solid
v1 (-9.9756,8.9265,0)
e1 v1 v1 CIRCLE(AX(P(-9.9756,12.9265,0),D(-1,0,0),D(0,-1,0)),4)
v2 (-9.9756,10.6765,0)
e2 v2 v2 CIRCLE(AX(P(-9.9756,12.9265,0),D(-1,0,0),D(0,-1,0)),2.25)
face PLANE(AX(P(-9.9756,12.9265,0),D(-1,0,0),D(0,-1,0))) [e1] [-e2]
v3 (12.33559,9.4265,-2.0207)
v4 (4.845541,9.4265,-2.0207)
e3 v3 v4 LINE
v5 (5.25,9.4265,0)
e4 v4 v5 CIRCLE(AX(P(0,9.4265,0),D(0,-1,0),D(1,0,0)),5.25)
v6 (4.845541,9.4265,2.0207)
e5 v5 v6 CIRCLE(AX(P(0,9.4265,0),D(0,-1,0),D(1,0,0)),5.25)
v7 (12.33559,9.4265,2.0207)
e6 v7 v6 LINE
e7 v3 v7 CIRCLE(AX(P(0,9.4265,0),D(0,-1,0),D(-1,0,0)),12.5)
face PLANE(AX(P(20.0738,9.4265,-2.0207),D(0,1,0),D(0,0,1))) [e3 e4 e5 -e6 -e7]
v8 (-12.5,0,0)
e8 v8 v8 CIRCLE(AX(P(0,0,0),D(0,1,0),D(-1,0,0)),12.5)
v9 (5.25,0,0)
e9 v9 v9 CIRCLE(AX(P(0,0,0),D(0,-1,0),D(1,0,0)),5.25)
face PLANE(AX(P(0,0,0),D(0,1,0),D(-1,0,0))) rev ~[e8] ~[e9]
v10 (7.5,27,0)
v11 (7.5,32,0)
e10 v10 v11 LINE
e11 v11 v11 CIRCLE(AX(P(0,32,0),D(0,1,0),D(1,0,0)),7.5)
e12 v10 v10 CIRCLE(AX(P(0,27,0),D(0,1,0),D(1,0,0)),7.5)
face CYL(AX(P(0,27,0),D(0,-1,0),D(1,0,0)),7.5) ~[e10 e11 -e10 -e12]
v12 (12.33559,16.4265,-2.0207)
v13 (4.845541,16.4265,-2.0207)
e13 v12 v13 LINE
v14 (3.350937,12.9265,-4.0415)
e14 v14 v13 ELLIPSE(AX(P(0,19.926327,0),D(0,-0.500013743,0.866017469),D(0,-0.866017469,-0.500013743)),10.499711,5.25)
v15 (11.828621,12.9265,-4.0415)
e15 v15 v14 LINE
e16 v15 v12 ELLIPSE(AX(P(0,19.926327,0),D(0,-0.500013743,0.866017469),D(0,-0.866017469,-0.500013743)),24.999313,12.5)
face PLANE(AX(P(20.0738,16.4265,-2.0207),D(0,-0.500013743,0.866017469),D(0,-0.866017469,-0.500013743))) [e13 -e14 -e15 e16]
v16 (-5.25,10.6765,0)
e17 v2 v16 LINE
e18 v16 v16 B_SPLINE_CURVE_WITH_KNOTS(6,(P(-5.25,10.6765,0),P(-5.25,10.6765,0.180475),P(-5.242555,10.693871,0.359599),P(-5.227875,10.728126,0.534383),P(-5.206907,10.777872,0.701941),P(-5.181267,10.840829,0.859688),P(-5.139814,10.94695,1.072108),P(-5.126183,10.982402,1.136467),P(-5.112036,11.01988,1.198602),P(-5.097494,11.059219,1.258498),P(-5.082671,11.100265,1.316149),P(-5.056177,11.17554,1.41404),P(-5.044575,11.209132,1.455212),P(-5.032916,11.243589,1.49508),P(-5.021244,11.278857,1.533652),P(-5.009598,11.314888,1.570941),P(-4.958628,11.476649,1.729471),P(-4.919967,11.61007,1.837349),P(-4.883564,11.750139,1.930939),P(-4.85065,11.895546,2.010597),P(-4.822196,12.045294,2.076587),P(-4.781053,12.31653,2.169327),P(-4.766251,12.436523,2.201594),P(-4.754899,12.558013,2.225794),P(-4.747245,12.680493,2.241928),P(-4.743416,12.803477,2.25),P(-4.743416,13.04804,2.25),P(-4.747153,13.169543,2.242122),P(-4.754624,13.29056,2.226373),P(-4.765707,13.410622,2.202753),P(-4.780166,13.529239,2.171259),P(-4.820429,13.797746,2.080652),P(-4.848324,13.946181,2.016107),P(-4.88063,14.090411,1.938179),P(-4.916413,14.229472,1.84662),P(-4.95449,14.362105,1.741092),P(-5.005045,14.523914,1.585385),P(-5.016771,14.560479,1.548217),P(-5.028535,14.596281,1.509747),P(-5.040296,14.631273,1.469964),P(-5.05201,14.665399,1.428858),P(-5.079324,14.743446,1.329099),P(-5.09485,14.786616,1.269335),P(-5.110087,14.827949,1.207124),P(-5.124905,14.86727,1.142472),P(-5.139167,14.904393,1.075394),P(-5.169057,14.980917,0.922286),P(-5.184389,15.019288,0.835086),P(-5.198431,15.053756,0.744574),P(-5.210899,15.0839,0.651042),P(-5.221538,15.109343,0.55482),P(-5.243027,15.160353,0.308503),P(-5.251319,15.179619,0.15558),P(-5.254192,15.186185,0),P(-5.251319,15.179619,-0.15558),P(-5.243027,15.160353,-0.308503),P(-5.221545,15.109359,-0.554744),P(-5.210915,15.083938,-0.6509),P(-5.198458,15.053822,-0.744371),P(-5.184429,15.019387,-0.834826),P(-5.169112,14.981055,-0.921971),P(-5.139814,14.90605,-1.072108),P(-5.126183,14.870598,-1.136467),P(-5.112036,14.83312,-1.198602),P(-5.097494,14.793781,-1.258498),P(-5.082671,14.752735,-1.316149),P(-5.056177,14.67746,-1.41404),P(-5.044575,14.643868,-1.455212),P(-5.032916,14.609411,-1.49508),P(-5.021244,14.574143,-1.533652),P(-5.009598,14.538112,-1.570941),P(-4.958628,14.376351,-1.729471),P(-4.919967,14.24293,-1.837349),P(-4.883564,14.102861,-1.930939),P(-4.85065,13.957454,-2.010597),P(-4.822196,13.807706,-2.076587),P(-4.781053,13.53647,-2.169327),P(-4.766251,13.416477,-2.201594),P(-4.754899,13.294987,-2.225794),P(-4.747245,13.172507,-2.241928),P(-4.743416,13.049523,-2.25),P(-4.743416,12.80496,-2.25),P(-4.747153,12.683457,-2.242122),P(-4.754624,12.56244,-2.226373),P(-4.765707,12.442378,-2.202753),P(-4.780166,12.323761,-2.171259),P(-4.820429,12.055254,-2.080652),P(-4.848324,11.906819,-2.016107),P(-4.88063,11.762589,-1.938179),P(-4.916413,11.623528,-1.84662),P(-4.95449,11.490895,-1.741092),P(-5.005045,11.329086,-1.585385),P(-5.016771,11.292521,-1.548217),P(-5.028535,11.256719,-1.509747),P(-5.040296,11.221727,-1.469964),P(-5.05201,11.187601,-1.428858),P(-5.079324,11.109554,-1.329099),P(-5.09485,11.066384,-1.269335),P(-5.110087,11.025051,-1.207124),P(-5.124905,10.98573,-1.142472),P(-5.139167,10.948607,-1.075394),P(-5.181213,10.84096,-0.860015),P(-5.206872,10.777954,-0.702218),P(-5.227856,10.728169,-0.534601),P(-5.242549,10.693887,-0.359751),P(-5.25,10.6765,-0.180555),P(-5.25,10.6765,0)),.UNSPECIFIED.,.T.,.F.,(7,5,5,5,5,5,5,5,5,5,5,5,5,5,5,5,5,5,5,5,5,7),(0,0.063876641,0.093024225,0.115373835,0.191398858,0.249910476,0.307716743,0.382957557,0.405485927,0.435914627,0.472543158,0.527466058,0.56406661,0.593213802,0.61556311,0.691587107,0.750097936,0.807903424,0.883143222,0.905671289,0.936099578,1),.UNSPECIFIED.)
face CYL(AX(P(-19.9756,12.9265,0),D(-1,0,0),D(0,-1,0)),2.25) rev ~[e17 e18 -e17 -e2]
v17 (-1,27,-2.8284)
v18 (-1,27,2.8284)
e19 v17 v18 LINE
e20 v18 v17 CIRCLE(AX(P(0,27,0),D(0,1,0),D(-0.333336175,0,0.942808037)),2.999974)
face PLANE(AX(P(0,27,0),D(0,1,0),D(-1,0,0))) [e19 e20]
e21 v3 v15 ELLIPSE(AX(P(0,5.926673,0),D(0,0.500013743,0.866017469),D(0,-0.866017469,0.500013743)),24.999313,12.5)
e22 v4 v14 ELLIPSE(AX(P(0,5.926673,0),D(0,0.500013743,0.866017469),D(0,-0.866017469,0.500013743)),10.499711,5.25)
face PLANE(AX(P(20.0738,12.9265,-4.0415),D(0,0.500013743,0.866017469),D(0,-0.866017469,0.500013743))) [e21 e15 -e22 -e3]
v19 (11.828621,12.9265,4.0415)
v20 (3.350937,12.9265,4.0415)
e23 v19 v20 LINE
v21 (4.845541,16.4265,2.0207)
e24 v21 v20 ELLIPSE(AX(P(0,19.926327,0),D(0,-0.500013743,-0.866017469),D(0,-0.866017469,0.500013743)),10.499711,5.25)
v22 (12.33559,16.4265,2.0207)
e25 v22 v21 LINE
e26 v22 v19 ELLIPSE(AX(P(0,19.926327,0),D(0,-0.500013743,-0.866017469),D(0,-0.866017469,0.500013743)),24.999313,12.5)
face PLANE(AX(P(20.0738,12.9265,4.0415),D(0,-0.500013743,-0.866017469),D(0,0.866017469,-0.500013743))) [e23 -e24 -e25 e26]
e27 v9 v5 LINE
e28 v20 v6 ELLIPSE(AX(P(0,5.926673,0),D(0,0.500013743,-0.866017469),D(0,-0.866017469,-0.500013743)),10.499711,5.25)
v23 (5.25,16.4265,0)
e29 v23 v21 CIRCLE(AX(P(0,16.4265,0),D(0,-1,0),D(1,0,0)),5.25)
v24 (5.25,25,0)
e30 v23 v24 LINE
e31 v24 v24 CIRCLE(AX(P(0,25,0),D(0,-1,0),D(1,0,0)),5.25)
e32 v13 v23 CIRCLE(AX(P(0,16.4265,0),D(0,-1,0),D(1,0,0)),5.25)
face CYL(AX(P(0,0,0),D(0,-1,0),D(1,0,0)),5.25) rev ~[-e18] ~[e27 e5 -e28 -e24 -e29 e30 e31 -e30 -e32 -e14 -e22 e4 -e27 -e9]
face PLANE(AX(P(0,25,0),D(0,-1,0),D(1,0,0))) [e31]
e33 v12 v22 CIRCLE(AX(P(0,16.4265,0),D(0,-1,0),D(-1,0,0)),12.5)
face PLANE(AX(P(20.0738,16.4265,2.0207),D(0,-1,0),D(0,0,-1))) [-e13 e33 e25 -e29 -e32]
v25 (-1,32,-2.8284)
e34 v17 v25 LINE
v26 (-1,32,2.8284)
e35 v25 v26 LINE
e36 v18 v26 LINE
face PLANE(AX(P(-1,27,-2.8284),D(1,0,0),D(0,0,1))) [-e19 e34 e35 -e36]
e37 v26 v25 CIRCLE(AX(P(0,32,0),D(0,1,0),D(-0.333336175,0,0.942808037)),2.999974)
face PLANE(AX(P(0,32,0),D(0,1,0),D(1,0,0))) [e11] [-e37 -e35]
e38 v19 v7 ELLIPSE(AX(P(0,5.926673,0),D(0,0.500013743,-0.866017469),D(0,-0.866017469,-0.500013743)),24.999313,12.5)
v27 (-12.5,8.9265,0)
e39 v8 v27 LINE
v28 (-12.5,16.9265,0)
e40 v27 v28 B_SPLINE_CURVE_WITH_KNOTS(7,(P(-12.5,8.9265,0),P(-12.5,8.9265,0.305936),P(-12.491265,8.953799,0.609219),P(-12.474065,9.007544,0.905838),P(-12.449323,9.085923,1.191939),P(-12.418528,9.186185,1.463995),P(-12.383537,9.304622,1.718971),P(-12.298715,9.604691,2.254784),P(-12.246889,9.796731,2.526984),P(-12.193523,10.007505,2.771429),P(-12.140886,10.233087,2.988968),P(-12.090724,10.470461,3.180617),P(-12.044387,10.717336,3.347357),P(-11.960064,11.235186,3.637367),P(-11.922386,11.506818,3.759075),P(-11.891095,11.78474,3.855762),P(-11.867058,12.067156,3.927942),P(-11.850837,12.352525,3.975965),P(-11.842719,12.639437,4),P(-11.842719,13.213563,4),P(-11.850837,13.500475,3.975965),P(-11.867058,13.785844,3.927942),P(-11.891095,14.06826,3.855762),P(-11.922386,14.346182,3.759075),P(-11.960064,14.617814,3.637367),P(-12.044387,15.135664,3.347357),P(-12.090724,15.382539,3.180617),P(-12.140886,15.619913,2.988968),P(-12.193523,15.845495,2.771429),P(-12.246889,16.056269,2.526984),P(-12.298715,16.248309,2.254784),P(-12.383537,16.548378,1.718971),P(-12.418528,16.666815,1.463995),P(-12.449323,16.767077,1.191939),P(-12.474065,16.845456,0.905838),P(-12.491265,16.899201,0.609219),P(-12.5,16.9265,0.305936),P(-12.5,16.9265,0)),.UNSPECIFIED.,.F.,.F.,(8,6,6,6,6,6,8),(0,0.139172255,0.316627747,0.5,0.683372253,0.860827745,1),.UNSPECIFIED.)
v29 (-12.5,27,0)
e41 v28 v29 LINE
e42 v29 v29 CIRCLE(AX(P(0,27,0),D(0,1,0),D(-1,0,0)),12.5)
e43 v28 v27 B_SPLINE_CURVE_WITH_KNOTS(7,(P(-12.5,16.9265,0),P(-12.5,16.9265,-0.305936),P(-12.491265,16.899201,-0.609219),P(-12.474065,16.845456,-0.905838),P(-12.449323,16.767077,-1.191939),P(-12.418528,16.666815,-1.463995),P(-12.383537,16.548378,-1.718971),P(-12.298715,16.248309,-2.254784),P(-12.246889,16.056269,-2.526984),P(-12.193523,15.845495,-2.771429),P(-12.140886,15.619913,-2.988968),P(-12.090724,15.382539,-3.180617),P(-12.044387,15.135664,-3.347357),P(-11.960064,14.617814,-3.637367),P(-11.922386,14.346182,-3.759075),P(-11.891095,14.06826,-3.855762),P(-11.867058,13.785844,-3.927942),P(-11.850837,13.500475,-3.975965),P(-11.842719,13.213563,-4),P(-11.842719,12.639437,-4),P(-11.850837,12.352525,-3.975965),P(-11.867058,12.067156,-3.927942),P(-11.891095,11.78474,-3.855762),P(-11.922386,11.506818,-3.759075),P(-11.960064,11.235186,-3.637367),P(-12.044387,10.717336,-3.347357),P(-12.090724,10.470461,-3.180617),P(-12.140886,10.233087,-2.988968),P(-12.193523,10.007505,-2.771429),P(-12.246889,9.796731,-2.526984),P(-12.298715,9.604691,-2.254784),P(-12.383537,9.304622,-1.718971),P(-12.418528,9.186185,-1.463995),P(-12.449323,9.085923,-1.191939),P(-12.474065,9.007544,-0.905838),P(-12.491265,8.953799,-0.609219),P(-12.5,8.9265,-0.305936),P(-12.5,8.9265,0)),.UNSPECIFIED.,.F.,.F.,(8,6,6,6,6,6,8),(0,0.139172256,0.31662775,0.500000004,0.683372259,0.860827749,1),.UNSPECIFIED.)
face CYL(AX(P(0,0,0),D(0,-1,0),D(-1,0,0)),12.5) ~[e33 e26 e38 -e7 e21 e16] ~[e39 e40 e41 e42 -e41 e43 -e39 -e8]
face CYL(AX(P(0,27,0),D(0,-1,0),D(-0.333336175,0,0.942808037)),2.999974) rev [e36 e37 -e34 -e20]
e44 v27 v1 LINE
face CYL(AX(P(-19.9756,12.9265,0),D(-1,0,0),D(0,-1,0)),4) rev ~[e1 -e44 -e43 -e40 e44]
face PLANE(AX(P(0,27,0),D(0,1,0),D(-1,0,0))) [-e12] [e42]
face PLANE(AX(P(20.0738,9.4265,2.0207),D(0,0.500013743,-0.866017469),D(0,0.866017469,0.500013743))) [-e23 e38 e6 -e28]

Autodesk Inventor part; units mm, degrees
ref_plane "YZ Plane" through (0, 0, 0) normal (1, 0, 0) x (0, 1, 0)
ref_plane "XZ Plane" through (0, 0, 0) normal (0, 1, 0) x (-1, 0, 0)
ref_plane "XY Plane" through (0, 0, 0) normal (0, 0, 1) x (1, 0, 0)
sketch "Sketch1" plane through (0, 0, 0) normal (0, 1, 0) x (-1, 0, 0)
  circle A0 centre (0, 0) radius 12.5
  dimension "d0" = 25
extrude "Extrusion1" add sketch "Sketch1" along normal blind 27
sketch "Sketch2" plane through (0, 27, 0) normal (0, 1, 0) x (1, 0, 0)
  circle A0 centre (0, 0) radius 7.5
  arc A1 (-1, -2.8284) -> (-1, 2.8284) centre (0, 0) ccw
  line L0 (3, 0) -> (-1, 0) construction
  line L1 (-1, 0) -> (-1, 2.8284) construction
  line L2 (-1, 2.8284) -> (-1, -2.8284)
  dimension "d4" = 15
  dimension "d5" = 6
  dimension "d6" = 4
extrude "Extrusion2" add sketch "Sketch2" along normal blind 5
sketch "Sketch3" plane through (0, 0, 0) normal (0, -1, 0) x (1, 0, 0)
  circle A0 centre (0, 0) radius 5.25
  dimension "d9" = 10.5
extrude "Extrusion3" cut sketch "Sketch3" against normal blind 25
sketch "Sketch6" plane through (0, 0, 0) normal (0, 0, 1) x (1, 0, 0)
  line L0 (0, 12.9265) -> (-19.9756, 12.9265) construction
  line L1 (0, 12.9265) -> (20.0738, 12.9265) construction
  line L2 (0, 0) -> (0, 12.9) construction
  dimension "d19" = 12.9
ref_plane "Work Plane1" through (-19.9756, 12.9265, 0) normal (-1, 0, 0) x (0, -1, 0)
sketch "Sketch7" plane through (-19.9756, 12.9265, 0) normal (-1, 0, 0) x (0, -1, 0)
  circle A0 centre (0, 0) radius 4
  point P0 (12.9265, 0)
  dimension "d16" = 8
extrude "Extrusion5" cut sketch "Sketch7" against normal blind 10
ref_plane "Work Plane2" through (20.0738, 12.9265, 0) normal (1, 0, 0) x (0, 1, 0)
sketch "Sketch8" plane through (20.0738, 12.9265, 0) normal (1, 0, 0) x (0, 1, 0)
  line L0 (-3.5, -2.0207) -> (-3.5, 2.0207)
  line L1 (-3.5, 2.0207) -> (0, 4.0415)
  line L2 (0, 4.0415) -> (3.5, 2.0207)
  line L3 (3.5, 2.0207) -> (3.5, -2.0207)
  line L4 (3.5, -2.0207) -> (0, -4.0415)
  line L5 (0, -4.0415) -> (-3.5, -2.0207)
  point P0 (-12.9265, 0)
  point P1 (0, 0)
extrude "Extrusion6" cut sketch "Sketch8" against normal blind 17.9375
sketch "Sketch9" plane through (-19.9756, 12.9265, 0) normal (-1, 0, 0) x (0, -1, 0)
  circle A0 centre (0, 0) radius 2.25
  point P0 (12.9265, 0)
  dimension "d22" = 4.5
extrude "Extrusion7" cut sketch "Sketch9" against normal blind 17.9375
properties part number "StuurPotentiometerConnector3.0"
